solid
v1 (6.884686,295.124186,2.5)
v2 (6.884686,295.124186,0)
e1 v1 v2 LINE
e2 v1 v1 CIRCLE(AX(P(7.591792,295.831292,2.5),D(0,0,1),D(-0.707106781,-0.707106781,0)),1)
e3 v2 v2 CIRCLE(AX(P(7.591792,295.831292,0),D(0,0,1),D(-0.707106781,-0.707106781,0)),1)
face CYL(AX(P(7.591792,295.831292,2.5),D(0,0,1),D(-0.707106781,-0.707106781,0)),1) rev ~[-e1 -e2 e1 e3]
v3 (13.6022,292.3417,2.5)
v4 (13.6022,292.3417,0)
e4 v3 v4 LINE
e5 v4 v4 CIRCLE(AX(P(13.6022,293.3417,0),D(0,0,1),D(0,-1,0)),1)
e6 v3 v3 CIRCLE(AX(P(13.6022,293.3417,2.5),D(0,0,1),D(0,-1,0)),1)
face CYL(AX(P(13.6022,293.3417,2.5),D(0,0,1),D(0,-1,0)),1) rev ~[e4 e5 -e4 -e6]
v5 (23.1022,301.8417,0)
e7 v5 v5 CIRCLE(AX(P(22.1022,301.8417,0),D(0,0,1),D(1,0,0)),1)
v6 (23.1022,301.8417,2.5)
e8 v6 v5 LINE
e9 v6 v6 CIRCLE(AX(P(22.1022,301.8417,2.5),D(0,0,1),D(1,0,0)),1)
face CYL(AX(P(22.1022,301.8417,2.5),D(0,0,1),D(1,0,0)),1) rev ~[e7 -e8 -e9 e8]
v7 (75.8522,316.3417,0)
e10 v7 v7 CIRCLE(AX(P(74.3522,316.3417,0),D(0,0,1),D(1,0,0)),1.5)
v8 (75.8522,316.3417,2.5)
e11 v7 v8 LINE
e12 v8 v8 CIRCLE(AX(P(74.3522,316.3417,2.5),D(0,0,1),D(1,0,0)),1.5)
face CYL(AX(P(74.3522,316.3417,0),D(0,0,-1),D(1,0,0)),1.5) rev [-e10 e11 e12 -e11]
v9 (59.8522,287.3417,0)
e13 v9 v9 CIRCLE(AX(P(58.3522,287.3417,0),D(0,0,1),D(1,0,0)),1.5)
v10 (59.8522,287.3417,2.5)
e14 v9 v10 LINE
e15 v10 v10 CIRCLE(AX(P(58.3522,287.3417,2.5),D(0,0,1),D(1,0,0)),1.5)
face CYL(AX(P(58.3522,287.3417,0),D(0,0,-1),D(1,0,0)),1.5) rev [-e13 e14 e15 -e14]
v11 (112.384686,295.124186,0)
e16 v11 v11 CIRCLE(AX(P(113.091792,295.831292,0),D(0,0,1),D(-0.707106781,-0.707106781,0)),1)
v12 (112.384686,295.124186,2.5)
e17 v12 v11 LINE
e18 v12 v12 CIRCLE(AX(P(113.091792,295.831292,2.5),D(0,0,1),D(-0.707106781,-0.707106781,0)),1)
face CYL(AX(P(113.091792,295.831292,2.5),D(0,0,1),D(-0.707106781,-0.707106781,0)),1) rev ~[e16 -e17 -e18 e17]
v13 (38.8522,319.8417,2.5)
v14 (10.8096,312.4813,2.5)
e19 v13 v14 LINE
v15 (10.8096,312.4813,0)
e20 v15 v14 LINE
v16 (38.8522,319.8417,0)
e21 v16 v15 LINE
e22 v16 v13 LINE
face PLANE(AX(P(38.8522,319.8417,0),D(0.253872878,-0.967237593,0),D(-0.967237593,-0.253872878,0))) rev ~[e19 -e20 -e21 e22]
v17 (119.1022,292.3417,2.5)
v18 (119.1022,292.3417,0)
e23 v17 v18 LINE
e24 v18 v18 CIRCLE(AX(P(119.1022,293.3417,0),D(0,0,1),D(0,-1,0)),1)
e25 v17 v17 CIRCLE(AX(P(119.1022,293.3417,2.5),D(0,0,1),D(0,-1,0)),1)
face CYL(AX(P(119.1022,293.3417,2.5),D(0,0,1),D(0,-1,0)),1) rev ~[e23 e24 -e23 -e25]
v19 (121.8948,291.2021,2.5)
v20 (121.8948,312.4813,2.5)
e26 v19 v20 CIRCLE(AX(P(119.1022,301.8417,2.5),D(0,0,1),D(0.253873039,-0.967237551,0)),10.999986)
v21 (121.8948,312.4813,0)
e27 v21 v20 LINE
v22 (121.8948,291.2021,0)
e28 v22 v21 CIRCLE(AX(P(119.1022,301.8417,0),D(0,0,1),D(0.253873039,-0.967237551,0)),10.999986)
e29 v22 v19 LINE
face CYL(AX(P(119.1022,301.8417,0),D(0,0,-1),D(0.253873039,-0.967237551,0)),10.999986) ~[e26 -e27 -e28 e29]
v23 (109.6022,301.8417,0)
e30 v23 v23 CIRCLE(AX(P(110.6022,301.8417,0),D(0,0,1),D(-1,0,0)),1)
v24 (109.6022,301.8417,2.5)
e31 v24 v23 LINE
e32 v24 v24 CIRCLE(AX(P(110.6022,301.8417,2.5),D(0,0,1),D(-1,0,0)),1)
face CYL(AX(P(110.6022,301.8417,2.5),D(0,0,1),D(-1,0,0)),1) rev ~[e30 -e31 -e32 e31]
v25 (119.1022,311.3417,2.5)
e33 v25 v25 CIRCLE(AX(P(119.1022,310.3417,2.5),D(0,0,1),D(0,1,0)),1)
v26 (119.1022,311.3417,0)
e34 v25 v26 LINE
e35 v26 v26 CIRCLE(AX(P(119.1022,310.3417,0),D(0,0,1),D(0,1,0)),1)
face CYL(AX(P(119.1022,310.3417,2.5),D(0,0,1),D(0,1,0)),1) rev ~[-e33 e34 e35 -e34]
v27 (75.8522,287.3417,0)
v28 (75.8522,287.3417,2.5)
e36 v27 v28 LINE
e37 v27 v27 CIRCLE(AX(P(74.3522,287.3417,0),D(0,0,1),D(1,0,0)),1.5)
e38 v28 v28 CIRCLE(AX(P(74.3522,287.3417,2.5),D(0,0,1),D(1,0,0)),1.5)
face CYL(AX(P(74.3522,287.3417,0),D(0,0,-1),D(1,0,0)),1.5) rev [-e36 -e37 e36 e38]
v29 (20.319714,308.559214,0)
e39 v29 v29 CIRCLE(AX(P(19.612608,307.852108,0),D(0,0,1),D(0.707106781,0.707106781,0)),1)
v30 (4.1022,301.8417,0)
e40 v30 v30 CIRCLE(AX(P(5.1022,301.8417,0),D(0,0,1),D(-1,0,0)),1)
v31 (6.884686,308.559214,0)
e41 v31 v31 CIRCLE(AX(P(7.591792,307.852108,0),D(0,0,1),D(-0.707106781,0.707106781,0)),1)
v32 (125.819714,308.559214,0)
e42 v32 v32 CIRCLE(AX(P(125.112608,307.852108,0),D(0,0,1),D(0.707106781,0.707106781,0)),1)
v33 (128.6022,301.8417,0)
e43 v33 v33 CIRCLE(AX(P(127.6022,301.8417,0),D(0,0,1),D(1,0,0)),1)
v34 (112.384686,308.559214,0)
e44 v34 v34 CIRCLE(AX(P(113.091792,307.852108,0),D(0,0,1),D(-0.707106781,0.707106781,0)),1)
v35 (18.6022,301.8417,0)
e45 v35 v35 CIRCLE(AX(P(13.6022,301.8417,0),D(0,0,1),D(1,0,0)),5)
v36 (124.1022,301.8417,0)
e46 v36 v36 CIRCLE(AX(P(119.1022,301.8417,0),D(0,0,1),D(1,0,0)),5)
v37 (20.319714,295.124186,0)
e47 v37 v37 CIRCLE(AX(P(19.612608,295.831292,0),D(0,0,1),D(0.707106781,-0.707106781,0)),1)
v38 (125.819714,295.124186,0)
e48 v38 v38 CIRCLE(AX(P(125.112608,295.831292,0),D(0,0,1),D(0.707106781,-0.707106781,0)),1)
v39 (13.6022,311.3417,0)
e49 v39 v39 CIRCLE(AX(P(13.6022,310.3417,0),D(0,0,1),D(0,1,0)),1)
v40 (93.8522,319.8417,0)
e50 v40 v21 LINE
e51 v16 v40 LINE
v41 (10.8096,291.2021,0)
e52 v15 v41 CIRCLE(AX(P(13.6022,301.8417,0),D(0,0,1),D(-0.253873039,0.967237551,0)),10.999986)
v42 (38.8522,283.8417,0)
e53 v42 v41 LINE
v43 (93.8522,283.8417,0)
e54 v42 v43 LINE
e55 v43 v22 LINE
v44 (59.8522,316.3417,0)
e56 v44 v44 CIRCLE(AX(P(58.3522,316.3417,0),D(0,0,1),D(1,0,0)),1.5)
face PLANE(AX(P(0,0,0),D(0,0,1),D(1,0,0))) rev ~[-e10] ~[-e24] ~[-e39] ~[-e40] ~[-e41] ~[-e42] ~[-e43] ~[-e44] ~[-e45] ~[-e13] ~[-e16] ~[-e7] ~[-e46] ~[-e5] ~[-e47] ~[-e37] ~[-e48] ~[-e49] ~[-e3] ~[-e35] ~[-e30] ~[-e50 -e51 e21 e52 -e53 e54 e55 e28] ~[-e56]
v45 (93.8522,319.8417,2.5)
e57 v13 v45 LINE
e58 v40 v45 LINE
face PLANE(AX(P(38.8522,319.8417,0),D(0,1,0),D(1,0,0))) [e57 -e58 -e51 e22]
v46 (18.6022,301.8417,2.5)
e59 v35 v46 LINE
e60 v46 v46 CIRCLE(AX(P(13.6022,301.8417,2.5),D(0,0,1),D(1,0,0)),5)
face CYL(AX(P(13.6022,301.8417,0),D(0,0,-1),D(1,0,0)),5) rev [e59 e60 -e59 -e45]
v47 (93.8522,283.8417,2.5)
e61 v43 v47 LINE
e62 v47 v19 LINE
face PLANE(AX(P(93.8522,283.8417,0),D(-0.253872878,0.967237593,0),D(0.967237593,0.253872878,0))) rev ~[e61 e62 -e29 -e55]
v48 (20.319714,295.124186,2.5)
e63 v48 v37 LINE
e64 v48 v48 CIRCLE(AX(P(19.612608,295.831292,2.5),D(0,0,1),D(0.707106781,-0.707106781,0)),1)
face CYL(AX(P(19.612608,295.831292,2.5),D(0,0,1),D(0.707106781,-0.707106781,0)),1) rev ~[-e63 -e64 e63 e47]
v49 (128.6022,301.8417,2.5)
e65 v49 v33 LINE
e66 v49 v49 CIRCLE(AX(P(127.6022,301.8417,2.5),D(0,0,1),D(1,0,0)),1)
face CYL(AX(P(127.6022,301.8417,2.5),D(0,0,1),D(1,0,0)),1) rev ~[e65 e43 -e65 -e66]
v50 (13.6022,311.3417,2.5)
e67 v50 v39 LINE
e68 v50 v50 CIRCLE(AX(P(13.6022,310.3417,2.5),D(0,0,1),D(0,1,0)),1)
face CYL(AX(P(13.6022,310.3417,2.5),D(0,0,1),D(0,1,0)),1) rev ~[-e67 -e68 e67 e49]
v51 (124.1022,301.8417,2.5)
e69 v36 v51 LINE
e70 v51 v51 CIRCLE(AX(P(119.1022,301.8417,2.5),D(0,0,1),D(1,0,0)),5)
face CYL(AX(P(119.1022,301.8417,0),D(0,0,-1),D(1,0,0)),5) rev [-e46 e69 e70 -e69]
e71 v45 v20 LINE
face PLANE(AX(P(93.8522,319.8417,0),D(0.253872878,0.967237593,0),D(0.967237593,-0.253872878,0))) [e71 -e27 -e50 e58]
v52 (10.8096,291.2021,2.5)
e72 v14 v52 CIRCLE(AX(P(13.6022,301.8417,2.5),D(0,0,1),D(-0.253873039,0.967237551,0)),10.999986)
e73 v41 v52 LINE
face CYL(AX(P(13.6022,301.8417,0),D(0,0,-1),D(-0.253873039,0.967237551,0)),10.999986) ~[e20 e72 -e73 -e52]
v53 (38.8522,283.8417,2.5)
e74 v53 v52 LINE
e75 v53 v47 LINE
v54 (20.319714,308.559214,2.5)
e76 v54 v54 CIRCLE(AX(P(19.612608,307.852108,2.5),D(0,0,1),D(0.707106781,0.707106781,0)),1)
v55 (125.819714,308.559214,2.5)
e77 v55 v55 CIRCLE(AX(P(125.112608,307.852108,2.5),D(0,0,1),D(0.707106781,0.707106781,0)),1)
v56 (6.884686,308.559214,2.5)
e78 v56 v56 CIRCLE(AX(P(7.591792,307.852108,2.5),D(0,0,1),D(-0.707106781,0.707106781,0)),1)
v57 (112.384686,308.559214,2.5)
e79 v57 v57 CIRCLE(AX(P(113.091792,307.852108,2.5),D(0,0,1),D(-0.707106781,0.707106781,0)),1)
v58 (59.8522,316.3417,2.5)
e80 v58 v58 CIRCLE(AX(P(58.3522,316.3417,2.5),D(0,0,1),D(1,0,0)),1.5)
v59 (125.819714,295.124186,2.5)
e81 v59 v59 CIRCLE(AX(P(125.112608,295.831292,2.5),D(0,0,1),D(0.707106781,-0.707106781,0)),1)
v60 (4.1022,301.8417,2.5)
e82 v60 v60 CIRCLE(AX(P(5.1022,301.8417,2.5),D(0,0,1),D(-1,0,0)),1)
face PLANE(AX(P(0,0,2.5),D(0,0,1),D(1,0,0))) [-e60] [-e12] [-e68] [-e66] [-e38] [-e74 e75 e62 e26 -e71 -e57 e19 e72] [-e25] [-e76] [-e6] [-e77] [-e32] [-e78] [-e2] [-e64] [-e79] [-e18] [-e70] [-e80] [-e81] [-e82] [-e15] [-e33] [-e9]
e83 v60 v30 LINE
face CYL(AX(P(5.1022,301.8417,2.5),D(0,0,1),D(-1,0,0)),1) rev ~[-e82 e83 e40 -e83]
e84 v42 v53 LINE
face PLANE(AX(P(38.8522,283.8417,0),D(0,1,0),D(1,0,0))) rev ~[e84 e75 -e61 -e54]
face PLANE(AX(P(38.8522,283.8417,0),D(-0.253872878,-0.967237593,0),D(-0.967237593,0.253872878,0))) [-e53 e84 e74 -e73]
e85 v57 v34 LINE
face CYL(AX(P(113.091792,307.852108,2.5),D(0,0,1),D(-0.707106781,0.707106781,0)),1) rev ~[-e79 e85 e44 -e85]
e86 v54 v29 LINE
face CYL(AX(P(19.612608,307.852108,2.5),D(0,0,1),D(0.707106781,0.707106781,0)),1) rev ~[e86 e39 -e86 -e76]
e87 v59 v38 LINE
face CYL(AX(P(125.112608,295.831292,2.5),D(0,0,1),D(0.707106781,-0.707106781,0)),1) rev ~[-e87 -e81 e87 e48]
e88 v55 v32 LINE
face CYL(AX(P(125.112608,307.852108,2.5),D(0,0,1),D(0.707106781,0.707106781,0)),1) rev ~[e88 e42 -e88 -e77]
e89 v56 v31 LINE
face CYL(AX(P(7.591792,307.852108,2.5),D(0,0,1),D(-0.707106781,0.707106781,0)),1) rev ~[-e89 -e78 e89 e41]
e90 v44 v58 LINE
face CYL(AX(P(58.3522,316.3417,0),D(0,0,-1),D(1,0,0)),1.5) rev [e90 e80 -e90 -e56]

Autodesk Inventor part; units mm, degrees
ref_plane "YZ Plane" through (0, 0, 0) normal (1, 0, 0) x (0, 1, 0)
ref_plane "XZ Plane" through (0, 0, 0) normal (0, 1, 0) x (-1, 0, 0)
ref_plane "XY Plane" through (0, 0, 0) normal (0, 0, 1) x (1, 0, 0)
sketch "Sketch1" plane through (0, 0, 0) normal (0, 0, 1) x (1, 0, 0)
  line L0 (38.8522, 283.8417) -> (93.8522, 283.8417)
  line L1 (38.8522, 319.8417) -> (93.8522, 319.8417)
  arc A0 (10.8096, 312.4813) -> (10.8096, 291.2021) centre (13.6022, 301.8417) ccw
  line L2 (38.8522, 319.8417) -> (10.8096, 312.4813)
  line L3 (38.8522, 283.8417) -> (10.8096, 291.2021)
  arc A1 (121.8948, 291.2021) -> (121.8948, 312.4813) centre (119.1022, 301.8417) ccw
  line L4 (93.8522, 319.8417) -> (121.8948, 312.4813)
  line L5 (93.8522, 283.8417) -> (121.8948, 291.2021)
  circle A2 centre (13.6022, 301.8417) radius 5
  circle A3 centre (119.1022, 301.8417) radius 5
  circle A4 centre (58.3522, 316.3417) radius 1.5
  circle A5 centre (74.3522, 316.3417) radius 1.5
  circle A6 centre (58.3522, 287.3417) radius 1.5
  circle A7 centre (74.3522, 287.3417) radius 1.5
  dimension "d5" = 36
  dimension "d6" = 105.5
  dimension "d7" = 105.5
  dimension "d8" = 25.25
  dimension "d9" = 25.25
  dimension "d10" = 25.25
  dimension "d11" = 16
  dimension "d12" = 16
  dimension "d13" = 19.5
  dimension "d14" = 19.5
extrude "Extrusion1" add sketch "Sketch1" along normal blind 2.5
sketch "Sketch2" plane through (0, 0, 2.5) normal (0, 0, 1) x (1, 0, 0)
  circle A0 centre (13.6022, 301.8417) radius 5 projected
  circle A1 centre (22.1022, 301.8417) radius 1
  point P0 (0, 0)
  dimension "d15" = 2
  dimension "d16" = 8.5
extrude "Extrusion2" cut sketch "Sketch2" against normal through all contours A1
pattern_circular "Circular Pattern1" count 8 over 360 about axis through (13.6022, 301.8417, 0) along (0, 0, 1) of "Extrusion2"
sketch "Sketch3" plane through (0, 0, 2.5) normal (0, 0, 1) x (1, 0, 0)
  circle A0 centre (5.1022, 301.8417) radius 1 projected
  line L0 (93.8522, 319.8417) -> (38.8522, 319.8417) projected
  line L1 (66.3522, 319.8417) -> (66.3522, 283.8417)
  line L2 (38.8522, 283.8417) -> (93.8522, 283.8417) projected
  circle A1 centre (127.6022, 301.8417) radius 1
  point P0 (0, 0)
extrude "Extrusion3" cut sketch "Sketch3" against normal through all contours A1
pattern_circular "Circular Pattern2" count 8 over 360 about axis through (119.1022, 301.8417, 0) along (0, 0, 1) of "Extrusion3"
properties part number "Thigh" material "Aluminum-6061"
